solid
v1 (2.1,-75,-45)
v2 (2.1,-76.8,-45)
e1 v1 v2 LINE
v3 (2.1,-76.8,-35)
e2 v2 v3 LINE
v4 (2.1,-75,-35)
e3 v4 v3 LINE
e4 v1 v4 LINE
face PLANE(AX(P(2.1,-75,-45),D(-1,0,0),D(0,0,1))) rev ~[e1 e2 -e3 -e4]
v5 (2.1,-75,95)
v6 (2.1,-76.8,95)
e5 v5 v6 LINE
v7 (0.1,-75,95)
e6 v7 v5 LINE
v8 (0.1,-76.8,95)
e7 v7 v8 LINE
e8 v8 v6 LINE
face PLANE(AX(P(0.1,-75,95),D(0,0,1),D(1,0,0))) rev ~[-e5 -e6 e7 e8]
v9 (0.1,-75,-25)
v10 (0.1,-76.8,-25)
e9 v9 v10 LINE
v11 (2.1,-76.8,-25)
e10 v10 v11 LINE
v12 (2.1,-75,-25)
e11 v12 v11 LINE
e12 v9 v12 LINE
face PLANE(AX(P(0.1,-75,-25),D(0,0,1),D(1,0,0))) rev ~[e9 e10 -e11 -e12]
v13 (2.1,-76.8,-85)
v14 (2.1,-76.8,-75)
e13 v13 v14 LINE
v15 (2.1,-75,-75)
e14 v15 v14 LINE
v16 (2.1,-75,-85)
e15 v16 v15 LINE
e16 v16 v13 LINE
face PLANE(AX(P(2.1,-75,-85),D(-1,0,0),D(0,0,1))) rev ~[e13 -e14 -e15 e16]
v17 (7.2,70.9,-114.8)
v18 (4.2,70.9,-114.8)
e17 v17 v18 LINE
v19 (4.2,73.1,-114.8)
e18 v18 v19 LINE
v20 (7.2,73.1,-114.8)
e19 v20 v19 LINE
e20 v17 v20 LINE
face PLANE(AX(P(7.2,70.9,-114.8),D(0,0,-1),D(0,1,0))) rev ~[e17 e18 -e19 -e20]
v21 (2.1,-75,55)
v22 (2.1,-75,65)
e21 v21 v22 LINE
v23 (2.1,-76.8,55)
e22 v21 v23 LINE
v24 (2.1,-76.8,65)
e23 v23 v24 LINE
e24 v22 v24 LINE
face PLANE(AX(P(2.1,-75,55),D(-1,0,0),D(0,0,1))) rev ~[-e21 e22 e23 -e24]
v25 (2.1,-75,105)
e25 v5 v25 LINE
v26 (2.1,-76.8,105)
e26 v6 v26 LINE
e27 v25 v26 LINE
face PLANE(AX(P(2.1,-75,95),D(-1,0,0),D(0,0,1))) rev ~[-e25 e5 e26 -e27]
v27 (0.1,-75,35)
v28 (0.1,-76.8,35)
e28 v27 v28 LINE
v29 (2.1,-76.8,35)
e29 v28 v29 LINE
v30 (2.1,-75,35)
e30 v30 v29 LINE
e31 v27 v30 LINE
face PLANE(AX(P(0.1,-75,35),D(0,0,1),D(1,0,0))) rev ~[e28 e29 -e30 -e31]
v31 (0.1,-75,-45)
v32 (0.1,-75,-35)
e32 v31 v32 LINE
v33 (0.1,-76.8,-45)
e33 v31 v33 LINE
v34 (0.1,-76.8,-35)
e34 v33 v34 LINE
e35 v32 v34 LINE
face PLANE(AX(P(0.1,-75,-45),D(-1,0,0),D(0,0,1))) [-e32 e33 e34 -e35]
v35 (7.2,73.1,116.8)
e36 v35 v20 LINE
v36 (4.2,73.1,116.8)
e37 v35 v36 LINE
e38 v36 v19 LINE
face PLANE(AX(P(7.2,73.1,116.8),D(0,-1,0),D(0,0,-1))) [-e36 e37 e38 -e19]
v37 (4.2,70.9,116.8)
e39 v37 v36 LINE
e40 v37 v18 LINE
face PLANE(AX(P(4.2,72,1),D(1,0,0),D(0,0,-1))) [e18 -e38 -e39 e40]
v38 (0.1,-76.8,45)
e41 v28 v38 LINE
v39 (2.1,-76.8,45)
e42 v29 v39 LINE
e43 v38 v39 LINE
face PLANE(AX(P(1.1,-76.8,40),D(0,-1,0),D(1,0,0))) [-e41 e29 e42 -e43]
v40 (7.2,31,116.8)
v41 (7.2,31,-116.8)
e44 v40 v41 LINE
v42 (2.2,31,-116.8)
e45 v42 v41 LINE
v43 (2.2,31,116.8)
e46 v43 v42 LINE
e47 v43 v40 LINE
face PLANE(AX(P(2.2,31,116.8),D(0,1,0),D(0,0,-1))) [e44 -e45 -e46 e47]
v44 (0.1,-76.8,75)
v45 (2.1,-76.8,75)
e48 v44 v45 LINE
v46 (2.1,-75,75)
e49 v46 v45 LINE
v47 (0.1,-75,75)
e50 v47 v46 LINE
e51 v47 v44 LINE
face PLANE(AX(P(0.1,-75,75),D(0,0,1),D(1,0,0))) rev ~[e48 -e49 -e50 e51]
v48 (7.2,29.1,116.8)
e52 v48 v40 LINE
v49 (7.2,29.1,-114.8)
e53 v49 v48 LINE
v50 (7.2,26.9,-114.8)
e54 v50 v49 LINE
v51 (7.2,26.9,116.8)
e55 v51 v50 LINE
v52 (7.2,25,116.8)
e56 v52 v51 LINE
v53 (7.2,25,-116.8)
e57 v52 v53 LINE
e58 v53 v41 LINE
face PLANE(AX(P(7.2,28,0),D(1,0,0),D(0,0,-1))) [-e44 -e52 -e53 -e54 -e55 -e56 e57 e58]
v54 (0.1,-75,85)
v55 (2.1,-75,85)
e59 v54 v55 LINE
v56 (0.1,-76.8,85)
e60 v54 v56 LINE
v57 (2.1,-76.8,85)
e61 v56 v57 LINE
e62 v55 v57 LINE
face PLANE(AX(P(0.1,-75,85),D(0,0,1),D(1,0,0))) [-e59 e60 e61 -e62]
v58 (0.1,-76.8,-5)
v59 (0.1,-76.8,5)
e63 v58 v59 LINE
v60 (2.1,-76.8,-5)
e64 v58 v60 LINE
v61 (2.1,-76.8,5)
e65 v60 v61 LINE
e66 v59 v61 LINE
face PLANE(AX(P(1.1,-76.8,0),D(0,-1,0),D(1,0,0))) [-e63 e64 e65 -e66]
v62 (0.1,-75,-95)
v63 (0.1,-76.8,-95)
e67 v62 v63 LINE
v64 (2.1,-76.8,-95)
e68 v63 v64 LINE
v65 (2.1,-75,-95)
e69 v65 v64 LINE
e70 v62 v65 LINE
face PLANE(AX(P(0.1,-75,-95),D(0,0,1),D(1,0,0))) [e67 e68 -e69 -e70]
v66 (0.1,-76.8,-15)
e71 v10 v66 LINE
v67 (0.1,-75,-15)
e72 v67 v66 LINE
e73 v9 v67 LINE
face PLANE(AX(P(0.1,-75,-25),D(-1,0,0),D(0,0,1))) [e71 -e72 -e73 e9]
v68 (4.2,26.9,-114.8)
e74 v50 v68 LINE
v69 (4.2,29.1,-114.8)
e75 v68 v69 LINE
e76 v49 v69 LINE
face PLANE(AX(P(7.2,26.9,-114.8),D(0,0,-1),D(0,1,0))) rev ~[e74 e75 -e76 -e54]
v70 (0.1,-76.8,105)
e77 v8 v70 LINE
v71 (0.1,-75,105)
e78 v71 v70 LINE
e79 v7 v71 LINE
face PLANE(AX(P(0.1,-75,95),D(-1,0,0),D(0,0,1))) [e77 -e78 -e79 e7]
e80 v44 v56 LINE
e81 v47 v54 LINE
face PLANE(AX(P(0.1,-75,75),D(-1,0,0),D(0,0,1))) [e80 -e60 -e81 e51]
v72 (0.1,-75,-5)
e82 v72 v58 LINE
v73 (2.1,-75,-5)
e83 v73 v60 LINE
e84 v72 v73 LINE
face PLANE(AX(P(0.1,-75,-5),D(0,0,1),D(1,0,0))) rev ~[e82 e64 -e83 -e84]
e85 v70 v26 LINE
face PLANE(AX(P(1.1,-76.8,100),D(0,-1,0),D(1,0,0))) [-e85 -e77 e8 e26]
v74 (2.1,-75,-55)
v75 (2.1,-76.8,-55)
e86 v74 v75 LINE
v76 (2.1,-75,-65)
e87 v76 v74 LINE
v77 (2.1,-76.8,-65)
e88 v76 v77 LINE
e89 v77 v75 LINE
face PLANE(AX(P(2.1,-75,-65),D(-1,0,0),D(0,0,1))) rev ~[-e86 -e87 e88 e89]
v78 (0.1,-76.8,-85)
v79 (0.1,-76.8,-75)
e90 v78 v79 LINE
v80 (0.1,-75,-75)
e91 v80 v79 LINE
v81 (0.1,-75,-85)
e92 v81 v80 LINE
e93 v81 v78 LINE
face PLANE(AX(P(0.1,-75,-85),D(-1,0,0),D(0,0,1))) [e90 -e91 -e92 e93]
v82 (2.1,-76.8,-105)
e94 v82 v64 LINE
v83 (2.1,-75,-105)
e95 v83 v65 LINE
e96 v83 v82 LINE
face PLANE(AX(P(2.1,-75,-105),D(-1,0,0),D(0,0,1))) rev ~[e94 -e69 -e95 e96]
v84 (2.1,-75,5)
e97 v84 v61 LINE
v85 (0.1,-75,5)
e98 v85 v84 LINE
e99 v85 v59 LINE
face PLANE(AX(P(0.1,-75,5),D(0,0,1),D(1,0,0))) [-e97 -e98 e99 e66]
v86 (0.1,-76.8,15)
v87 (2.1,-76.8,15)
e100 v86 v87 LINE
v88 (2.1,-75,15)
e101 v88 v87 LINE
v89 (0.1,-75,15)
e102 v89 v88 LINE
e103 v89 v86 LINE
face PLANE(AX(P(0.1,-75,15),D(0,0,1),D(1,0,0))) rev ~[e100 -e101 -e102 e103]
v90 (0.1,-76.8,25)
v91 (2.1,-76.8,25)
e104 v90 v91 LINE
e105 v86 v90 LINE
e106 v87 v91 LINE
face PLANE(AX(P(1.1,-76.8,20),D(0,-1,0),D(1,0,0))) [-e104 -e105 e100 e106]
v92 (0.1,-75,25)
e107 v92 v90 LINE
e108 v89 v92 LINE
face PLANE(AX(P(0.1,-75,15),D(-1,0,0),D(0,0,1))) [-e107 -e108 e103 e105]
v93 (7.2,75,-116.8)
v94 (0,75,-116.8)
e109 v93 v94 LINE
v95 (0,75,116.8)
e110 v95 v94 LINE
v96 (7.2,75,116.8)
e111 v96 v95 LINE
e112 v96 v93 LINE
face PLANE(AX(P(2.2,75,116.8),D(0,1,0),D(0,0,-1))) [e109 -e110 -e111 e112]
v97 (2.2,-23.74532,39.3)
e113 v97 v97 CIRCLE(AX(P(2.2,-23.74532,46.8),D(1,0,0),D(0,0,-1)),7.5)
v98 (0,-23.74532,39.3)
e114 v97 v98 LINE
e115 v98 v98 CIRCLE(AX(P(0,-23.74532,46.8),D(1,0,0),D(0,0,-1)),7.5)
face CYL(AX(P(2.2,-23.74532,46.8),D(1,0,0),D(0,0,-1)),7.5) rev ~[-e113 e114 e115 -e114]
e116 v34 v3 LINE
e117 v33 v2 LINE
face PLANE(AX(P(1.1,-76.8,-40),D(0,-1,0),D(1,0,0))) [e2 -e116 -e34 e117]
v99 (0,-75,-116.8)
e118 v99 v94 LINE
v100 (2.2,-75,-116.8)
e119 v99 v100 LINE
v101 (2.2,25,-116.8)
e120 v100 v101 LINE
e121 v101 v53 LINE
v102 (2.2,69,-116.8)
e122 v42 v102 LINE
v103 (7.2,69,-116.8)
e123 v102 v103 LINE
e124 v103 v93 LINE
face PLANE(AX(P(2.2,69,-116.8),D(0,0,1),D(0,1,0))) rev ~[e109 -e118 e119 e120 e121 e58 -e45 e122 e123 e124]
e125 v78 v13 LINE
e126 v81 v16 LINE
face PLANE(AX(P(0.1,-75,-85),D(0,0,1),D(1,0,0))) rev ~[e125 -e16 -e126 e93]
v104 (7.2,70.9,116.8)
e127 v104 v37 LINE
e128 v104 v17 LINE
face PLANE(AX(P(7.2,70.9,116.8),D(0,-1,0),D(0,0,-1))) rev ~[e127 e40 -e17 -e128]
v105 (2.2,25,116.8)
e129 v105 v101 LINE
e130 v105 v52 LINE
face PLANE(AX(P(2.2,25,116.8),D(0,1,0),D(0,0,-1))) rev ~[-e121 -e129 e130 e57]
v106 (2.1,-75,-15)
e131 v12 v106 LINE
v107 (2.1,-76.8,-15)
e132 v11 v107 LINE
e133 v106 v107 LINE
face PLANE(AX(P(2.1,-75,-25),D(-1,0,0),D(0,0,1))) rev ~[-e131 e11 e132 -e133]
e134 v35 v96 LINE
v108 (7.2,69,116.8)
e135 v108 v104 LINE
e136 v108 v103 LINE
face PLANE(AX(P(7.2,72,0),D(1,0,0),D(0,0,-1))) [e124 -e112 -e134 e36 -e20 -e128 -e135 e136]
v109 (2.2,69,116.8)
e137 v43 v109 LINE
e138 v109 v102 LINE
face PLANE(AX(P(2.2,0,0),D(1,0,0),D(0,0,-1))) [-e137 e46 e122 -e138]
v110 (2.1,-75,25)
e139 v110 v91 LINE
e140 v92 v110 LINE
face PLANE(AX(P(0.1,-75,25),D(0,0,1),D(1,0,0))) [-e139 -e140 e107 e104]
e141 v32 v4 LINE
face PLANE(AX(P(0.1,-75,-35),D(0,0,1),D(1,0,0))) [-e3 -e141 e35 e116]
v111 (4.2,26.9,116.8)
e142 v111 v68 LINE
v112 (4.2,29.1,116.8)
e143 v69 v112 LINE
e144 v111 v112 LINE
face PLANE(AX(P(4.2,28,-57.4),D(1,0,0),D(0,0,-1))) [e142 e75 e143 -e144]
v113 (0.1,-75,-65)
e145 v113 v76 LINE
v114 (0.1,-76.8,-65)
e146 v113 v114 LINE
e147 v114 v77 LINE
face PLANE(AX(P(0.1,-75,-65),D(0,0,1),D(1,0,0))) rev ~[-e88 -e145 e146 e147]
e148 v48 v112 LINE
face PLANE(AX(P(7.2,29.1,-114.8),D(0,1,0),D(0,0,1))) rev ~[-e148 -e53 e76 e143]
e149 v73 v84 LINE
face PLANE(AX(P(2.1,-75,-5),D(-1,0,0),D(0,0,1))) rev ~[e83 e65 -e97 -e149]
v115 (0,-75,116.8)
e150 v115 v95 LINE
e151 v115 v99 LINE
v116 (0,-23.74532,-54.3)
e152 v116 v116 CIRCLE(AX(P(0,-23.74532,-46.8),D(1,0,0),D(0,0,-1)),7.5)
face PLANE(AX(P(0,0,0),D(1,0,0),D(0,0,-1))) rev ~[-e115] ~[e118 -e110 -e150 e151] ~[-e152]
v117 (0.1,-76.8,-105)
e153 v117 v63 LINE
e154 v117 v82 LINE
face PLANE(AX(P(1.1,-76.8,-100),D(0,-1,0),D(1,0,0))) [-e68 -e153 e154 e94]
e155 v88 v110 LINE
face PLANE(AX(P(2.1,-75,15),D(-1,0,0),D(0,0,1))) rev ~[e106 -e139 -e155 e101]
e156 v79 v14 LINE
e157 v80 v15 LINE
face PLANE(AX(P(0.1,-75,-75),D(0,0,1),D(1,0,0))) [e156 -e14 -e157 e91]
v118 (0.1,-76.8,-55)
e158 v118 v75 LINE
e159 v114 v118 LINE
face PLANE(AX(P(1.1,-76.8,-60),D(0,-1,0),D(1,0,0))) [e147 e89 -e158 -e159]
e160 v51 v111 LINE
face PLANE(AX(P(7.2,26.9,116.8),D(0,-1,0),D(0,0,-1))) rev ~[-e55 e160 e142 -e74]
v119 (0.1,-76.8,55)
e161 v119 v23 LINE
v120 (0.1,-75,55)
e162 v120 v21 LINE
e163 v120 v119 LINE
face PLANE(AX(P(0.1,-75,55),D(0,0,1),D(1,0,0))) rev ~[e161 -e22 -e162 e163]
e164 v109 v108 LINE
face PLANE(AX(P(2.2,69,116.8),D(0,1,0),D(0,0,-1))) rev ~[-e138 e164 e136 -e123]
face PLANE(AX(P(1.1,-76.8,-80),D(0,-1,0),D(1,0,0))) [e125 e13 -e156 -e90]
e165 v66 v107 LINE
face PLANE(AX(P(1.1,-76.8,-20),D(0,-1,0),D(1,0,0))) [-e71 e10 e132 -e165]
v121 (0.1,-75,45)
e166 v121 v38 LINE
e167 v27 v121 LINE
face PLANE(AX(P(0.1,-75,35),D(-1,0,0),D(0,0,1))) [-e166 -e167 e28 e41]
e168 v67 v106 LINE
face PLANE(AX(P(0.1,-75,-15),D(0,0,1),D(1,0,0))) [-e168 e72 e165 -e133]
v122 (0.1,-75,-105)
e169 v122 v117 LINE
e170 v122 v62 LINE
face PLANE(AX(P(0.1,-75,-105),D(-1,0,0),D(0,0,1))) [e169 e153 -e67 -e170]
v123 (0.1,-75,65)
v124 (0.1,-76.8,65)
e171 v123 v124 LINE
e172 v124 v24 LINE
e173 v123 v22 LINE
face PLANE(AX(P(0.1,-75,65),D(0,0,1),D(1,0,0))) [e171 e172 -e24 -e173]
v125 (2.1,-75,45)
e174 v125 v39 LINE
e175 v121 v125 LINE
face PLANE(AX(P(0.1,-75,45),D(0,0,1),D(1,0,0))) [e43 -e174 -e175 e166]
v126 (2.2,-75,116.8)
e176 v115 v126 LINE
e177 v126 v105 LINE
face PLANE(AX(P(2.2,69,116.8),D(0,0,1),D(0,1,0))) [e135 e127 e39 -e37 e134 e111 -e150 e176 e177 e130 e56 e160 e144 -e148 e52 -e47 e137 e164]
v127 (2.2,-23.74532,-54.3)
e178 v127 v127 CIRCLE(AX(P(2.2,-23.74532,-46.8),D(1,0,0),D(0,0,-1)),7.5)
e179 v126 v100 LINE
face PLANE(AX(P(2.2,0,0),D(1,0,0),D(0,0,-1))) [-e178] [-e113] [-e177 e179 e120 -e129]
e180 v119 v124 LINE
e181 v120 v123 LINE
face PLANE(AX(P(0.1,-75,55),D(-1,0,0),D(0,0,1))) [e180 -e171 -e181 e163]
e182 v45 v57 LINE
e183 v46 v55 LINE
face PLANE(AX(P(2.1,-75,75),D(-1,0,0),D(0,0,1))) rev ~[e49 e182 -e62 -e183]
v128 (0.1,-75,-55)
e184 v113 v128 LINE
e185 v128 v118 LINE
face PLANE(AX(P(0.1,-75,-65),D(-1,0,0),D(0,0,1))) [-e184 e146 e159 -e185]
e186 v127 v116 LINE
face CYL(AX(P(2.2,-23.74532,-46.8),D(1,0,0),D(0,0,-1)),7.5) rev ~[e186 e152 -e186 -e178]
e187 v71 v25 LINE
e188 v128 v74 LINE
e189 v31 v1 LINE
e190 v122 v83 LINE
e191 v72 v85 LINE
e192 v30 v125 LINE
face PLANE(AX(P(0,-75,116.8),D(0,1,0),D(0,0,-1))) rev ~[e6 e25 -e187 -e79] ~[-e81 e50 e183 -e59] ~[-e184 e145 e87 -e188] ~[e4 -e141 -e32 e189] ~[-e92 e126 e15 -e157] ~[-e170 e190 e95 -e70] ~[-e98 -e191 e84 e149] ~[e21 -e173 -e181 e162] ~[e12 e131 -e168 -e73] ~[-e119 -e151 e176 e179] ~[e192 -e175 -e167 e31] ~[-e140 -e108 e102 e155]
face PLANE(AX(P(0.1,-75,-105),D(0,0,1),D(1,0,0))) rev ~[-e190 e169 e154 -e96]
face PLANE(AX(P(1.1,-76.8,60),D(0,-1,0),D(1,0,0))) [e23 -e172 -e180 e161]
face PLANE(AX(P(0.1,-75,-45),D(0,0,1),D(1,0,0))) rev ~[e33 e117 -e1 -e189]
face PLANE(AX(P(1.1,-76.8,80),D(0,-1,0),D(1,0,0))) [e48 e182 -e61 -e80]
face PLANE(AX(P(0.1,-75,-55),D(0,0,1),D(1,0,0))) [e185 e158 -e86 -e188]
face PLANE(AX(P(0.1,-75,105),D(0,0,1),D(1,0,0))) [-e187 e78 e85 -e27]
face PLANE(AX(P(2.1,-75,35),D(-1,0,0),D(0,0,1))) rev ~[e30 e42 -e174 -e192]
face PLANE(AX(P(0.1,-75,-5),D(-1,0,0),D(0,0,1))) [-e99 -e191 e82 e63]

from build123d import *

# Parameters (mm, degrees)
SKETCH_4_W          = 233.6
SKETCH_4_H          = 150
EXTRUDE_2_DEPTH     = 2.2
SKETCH_6_W          = 2
SKETCH_6_H          = 10
EXTRUDE_3_DEPTH     = 1.8
SKETCH_7_W          = 233.6
SKETCH_7_H          = 6
EXTRUDE_4_DEPTH     = 5
SKETCH_8_W          = 114.8
SKETCH_8_H          = 2.2
SKETCH_8_W_2        = 116.8
SKETCH_8_W_3        = 231.6
CUT_EXTRUDE_1_DEPTH = 3
SKETCH1_R           = 7.5
CUT_EXTRUDE1_DEPTH  = 10


with BuildPart() as part:
    # 草图4 → 凸台-拉伸2 (new body)
    with BuildSketch(Plane(origin=(0, 0, 0), x_dir=(0, 0, -1), z_dir=(1, 0, 0))):
        Rectangle(SKETCH_4_W, SKETCH_4_H)
    extrude(amount=EXTRUDE_2_DEPTH)

    # 草图6 → 凸台-拉伸3 (add)
    with BuildSketch(Plane.XZ.offset(75)):
        with Locations((1.1, 20)):
            Rectangle(SKETCH_6_W, SKETCH_6_H)
        with Locations((1.1, 0)):
            Rectangle(SKETCH_6_W, SKETCH_6_H)
        with Locations((1.1, 40)):
            Rectangle(SKETCH_6_W, SKETCH_6_H)
        with Locations((1.1, 60)):
            Rectangle(SKETCH_6_W, SKETCH_6_H)
        with Locations((1.1, 80)):
            Rectangle(SKETCH_6_W, SKETCH_6_H)
        with Locations((1.1, 100)):
            Rectangle(SKETCH_6_W, SKETCH_6_H)
        with Locations((1.1, -20)):
            Rectangle(SKETCH_6_W, SKETCH_6_H)
        with Locations((1.1, -40)):
            Rectangle(SKETCH_6_W, SKETCH_6_H)
        with Locations((1.1, -60)):
            Rectangle(SKETCH_6_W, SKETCH_6_H)
        with Locations((1.1, -80)):
            Rectangle(SKETCH_6_W, SKETCH_6_H)
        with Locations((1.1, -100)):
            Rectangle(SKETCH_6_W, SKETCH_6_H)
    extrude(amount=EXTRUDE_3_DEPTH)

    # 草图7 → 凸台-拉伸4 (add)
    with BuildSketch(Plane(origin=(2.2, 0, 0), x_dir=(0, 0, -1), z_dir=(1, 0, 0))):
        with Locations((0, 28)):
            Rectangle(SKETCH_7_W, SKETCH_7_H)
        with Locations((0, 72)):
            Rectangle(SKETCH_7_W, SKETCH_7_H)
    extrude(amount=EXTRUDE_4_DEPTH)

    # 草图8 → 切除-拉伸1 (cut)
    with BuildSketch(Plane(origin=(7.2, 0, 0), x_dir=(0, 0, -1), z_dir=(1, 0, 0))):
        with Locations((57.4, 28)):
            Rectangle(SKETCH_8_W, SKETCH_8_H)
        with Locations((-58.4, 28)):
            Rectangle(SKETCH_8_W_2, SKETCH_8_H)
        with Locations((-1, 72)):
            Rectangle(SKETCH_8_W_3, SKETCH_8_H)
    extrude(amount=-CUT_EXTRUDE_1_DEPTH, mode=Mode.SUBTRACT)

    # Sketch1 → Cut-Extrude1 (cut)
    with BuildSketch(Plane(origin=(2.2, 0, 0), x_dir=(0, 0, -1), z_dir=(1, 0, 0))):
        with Locations((-46.8, -23.745319948)):
            Circle(SKETCH1_R)
        with Locations((46.8, -23.745319948)):
            Circle(SKETCH1_R)
    extrude(amount=-CUT_EXTRUDE1_DEPTH, mode=Mode.SUBTRACT)


solid = part.part
